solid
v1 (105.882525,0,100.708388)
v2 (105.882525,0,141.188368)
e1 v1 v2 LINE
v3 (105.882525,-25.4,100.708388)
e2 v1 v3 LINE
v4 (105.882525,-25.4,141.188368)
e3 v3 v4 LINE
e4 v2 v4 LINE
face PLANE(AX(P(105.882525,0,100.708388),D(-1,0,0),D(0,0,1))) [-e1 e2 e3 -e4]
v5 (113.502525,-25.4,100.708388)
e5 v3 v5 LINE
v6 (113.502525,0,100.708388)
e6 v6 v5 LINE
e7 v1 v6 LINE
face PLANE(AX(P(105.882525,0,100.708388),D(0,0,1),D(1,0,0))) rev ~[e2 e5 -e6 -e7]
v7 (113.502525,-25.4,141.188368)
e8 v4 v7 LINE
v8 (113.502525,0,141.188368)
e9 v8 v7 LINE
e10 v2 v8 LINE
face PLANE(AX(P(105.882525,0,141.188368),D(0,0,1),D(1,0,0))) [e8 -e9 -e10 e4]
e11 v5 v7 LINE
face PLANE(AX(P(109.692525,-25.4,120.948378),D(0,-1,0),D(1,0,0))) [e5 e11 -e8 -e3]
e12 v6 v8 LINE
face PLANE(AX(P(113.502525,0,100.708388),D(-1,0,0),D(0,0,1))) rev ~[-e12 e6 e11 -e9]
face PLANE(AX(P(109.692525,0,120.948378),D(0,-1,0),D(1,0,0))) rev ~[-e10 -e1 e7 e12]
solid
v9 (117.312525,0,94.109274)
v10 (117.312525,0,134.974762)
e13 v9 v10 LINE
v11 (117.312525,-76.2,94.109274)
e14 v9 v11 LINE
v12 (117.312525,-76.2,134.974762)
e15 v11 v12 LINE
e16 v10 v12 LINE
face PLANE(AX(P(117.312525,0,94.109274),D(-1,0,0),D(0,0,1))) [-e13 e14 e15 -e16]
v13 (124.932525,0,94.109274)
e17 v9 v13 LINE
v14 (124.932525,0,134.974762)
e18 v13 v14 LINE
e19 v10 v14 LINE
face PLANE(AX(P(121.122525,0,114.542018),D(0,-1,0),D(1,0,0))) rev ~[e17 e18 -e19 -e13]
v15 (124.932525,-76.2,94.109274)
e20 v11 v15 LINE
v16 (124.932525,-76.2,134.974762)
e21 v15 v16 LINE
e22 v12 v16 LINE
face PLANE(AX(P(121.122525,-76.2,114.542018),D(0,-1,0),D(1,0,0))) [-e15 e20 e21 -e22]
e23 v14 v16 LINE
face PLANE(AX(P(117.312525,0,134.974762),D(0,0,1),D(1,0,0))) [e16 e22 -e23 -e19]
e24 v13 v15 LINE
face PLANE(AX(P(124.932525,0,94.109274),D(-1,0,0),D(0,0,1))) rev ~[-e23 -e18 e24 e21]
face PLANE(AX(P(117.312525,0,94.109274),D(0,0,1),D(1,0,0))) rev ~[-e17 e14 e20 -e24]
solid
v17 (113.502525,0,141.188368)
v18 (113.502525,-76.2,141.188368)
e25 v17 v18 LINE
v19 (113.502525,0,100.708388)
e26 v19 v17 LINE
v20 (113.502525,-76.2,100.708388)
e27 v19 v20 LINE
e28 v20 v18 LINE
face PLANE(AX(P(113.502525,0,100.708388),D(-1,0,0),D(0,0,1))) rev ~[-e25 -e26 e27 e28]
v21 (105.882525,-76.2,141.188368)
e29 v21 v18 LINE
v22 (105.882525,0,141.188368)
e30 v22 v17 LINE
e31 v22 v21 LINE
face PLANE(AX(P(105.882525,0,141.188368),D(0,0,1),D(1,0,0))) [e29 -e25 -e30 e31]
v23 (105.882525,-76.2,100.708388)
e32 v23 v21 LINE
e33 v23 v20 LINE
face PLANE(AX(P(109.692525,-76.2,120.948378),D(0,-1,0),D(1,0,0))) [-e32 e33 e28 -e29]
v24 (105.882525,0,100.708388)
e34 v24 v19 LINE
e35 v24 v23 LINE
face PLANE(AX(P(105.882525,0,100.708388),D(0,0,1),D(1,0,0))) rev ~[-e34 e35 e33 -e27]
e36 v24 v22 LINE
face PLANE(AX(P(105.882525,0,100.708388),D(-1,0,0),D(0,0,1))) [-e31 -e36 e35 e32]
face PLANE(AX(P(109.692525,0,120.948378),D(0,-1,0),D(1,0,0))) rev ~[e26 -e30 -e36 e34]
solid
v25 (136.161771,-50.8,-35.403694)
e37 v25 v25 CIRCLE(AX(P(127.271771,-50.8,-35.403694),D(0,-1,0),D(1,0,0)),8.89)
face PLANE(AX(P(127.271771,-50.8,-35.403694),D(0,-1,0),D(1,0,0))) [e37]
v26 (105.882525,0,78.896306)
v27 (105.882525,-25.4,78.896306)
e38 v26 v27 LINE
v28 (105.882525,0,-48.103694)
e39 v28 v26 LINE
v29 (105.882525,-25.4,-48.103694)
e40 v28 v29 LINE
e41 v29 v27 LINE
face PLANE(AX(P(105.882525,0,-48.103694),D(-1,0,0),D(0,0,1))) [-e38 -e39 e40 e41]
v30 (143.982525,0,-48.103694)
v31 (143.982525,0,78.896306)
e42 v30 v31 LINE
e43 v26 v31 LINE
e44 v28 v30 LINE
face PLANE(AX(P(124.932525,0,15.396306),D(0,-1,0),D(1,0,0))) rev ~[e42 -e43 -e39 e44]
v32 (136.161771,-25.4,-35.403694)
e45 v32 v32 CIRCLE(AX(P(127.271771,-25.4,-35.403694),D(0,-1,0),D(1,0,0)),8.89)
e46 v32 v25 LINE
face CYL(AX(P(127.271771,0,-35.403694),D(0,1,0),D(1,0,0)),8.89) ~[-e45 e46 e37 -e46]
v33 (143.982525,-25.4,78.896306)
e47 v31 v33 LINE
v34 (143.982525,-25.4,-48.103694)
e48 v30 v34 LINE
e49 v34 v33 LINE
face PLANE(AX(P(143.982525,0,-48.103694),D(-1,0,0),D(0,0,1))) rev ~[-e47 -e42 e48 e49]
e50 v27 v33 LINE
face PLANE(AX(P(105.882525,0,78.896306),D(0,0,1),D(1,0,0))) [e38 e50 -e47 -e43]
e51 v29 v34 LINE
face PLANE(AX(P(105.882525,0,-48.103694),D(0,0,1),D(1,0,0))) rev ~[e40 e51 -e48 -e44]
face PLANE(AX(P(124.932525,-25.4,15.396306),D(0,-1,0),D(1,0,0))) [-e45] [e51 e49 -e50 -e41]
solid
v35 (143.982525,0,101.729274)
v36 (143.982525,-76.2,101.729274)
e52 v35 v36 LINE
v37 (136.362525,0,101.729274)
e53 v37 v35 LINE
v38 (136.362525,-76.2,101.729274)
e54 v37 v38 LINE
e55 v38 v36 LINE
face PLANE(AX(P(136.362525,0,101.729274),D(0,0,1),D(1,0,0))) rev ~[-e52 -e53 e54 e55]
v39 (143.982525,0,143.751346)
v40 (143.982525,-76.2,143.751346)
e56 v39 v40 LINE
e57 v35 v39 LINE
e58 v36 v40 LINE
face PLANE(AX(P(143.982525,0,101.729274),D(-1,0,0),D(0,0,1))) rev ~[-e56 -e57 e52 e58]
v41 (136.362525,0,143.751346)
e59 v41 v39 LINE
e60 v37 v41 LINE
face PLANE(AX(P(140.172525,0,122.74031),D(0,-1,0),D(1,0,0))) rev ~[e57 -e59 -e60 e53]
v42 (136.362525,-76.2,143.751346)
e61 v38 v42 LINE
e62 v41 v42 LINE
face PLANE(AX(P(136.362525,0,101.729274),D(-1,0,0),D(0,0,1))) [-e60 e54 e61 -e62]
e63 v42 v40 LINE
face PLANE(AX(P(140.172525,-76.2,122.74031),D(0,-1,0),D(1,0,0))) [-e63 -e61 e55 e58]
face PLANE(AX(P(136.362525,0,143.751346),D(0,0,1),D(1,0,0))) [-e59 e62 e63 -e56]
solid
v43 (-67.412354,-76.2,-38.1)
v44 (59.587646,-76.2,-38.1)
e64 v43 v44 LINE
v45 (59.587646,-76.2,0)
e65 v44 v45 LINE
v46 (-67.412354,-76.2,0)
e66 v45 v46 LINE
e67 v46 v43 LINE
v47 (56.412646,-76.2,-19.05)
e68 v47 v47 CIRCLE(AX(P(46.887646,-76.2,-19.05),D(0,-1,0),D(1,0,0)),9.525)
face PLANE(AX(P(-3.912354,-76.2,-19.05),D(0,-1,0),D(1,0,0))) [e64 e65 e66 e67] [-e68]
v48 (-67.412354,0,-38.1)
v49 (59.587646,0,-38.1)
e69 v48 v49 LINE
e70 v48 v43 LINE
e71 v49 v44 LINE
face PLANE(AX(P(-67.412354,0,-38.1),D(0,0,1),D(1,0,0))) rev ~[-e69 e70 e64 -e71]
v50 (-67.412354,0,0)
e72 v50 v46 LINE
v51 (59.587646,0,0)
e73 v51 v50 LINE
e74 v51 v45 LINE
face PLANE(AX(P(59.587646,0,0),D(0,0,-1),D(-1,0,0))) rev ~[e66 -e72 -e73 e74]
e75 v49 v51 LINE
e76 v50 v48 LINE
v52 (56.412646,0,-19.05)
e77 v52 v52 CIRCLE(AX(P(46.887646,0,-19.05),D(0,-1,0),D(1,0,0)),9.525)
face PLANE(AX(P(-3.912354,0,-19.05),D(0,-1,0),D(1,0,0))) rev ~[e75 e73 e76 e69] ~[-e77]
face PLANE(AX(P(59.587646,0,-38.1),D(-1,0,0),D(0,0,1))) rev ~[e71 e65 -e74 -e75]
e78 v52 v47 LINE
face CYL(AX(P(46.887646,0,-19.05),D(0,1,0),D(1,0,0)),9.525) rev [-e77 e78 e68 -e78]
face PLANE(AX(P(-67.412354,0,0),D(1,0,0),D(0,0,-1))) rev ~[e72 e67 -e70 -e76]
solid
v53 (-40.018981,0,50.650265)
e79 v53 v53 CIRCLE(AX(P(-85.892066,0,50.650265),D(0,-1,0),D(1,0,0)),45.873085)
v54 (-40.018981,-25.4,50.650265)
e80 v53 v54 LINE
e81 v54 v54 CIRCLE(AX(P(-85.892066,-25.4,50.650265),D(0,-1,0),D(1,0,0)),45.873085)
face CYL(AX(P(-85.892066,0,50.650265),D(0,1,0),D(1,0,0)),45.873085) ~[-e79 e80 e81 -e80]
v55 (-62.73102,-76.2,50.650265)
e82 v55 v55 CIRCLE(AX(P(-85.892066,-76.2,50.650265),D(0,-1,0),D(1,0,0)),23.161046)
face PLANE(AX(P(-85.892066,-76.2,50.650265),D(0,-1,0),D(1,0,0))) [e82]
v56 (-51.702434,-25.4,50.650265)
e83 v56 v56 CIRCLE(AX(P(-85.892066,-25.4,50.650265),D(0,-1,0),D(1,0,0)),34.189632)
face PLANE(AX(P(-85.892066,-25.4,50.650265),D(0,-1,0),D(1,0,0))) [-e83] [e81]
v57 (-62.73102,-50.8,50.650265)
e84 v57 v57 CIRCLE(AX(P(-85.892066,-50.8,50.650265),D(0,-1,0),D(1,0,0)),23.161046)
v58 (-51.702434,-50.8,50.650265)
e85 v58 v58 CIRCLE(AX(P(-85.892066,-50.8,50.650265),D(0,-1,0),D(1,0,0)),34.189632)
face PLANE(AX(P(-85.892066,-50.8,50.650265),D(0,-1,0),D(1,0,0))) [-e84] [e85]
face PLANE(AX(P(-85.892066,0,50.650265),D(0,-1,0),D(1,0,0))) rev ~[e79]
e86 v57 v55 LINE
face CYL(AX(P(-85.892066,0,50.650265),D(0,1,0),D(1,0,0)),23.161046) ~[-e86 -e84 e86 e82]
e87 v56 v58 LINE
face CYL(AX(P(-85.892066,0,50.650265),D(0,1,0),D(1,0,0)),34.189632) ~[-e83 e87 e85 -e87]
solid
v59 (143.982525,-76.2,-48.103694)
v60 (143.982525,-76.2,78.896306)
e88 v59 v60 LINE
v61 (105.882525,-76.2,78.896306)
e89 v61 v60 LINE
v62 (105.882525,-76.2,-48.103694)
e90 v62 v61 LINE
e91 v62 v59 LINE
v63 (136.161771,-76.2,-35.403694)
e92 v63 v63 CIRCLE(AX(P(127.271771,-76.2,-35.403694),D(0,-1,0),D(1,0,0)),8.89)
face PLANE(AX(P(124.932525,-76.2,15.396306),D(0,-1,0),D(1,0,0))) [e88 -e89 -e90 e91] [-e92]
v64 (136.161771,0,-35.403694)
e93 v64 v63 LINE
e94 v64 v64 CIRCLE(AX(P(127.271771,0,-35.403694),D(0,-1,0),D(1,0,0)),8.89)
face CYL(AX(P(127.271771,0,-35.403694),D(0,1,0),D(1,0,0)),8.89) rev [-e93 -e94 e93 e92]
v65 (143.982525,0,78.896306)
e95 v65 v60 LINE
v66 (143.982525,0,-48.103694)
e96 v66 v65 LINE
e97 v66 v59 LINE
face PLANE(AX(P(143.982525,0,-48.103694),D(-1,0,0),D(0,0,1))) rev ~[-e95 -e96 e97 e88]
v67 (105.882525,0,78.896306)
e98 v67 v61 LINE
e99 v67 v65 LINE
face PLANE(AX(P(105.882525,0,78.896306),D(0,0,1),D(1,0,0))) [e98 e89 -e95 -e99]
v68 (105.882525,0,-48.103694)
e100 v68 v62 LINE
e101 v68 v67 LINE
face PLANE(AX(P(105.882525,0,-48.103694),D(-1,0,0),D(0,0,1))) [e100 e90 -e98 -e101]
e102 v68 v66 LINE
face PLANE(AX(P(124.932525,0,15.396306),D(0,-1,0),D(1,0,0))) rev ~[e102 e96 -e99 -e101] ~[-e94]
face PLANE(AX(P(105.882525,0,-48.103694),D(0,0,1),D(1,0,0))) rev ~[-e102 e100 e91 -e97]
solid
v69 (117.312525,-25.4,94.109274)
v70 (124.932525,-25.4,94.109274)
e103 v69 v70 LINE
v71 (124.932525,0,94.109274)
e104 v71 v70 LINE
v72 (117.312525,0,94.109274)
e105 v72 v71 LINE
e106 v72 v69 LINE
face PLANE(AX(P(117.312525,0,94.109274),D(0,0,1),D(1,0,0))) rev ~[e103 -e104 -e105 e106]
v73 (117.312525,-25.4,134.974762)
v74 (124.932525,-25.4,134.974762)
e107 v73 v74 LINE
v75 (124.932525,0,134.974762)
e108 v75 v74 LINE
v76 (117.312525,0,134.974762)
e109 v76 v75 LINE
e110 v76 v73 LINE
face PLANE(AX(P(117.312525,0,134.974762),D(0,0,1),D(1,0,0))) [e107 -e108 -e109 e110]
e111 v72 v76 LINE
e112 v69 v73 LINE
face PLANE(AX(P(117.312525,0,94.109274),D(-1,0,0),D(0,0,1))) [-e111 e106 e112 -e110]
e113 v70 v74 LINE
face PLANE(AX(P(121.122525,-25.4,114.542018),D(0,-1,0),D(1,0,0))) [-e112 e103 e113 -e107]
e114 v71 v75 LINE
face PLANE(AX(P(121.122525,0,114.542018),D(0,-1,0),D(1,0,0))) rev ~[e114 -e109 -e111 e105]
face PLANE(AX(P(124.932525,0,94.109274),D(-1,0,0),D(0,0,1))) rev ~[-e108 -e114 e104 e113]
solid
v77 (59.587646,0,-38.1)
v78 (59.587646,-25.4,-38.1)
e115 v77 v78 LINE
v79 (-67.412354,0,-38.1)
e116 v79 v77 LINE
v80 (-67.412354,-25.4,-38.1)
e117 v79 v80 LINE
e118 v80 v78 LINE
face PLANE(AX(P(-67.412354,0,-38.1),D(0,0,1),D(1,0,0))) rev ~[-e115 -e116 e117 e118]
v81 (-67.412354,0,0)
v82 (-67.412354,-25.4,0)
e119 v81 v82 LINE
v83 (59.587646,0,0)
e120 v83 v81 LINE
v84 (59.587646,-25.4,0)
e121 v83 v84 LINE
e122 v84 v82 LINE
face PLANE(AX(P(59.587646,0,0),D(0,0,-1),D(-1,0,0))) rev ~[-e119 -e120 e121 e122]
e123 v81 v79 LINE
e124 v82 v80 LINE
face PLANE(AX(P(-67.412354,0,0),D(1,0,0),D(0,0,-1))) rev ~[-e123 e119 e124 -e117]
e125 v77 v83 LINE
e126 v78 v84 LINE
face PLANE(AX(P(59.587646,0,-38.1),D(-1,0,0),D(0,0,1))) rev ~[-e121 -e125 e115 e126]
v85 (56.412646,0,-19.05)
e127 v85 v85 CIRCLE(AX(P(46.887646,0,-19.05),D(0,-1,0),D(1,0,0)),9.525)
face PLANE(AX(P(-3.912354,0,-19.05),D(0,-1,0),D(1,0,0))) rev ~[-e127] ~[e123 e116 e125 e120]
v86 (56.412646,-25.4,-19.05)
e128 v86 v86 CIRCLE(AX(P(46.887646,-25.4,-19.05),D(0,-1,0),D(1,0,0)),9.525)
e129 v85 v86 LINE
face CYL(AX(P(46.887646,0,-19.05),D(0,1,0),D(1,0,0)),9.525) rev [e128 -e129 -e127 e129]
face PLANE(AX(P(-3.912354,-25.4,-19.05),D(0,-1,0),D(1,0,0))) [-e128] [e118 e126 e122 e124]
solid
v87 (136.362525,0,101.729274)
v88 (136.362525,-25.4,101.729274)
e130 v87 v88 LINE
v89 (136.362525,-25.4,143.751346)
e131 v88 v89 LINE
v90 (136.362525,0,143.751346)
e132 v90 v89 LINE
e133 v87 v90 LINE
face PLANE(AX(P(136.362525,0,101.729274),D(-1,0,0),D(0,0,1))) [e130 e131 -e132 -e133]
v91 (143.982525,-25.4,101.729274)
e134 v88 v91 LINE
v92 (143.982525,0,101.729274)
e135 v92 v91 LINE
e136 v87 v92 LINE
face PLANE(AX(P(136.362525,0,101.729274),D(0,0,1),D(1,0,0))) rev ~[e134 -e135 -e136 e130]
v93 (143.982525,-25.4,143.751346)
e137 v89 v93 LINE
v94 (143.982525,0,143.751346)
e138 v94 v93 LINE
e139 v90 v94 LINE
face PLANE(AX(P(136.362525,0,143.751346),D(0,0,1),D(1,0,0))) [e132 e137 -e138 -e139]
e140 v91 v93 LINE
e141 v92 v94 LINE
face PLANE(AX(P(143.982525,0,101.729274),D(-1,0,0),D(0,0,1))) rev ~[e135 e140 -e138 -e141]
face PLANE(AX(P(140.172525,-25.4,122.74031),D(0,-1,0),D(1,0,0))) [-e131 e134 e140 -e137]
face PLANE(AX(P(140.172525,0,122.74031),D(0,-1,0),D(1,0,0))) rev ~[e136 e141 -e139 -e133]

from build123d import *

# Parameters (mm, degrees)
F0_R     = 9.525
F1_DEPTH = 25.4
F0_W     = 38.1
F0_H     = 127
F0_R_2   = 8.89
F2_DEPTH = 25.4
F3_DEPTH = 50.8
F0_W_2   = 7.62
F0_H_2   = 40.47998
F0_H_3   = 40.865489
F0_H_4   = 42.022072
F4_DEPTH = 25.4
F0_R_3   = 23.161046
F5_DEPTH = 76.2
F0_R_4   = 34.189632
F6_DEPTH = 50.8
F0_R_5   = 45.873085
F7_DEPTH = 25.4


with BuildPart() as f1:
    # F0 (on Front) → F1 (new body)
    with BuildSketch(Plane.XZ):
        Polygon((59.587646, 0), (-67.412354, 0), (-67.412354, -38.1), (40.537646, -38.1), (59.587646, -38.1), align=None)
        with Locations((46.887646, -19.05)):
            Circle(F0_R, mode=Mode.SUBTRACT)
    extrude(amount=F1_DEPTH)


with BuildPart() as f2:
    # F0 (on Front) → F2 (new body)
    with BuildSketch(Plane.XZ):
        with Locations((124.932525, 15.396306)):
            Rectangle(F0_W, F0_H)
        with Locations((127.271771, -35.403694)):
            Circle(F0_R_2, mode=Mode.SUBTRACT)
    extrude(amount=F2_DEPTH)

    # F0 (on Front) → F3 (join)
    with BuildSketch(Plane.XZ):
        with Locations((127.271771, -35.403694)):
            Circle(F0_R_2)
    extrude(amount=F3_DEPTH)


with BuildPart() as f4:
    # F0 (on Front) → F4 (new body)
    with BuildSketch(Plane.XZ):
        with Locations((109.692525, 120.948378)):
            Rectangle(F0_W_2, F0_H_2)
        with Locations((121.122525, 114.542018)):
            Rectangle(F0_W_2, F0_H_3)
        with Locations((140.172525, 122.74031)):
            Rectangle(F0_W_2, F0_H_4)
    extrude(amount=F4_DEPTH)


with BuildPart() as f5:
    # F0 (on Front) → F5 (new body)
    with BuildSketch(Plane.XZ):
        with Locations((109.692525, 120.948378)):
            Rectangle(F0_W_2, F0_H_2)
        with Locations((140.172525, 122.74031)):
            Rectangle(F0_W_2, F0_H_4)
        with Locations((121.122525, 114.542018)):
            Rectangle(F0_W_2, F0_H_3)
        Polygon((59.587646, 0), (-67.412354, 0), (-67.412354, -38.1), (40.537646, -38.1), (59.587646, -38.1), align=None)
        with Locations((46.887646, -19.05)):
            Circle(F0_R, mode=Mode.SUBTRACT)
        with Locations((124.932525, 15.396306)):
            Rectangle(F0_W, F0_H)
        with Locations((127.271771, -35.403694)):
            Circle(F0_R_2, mode=Mode.SUBTRACT)
        with Locations((-85.892066, 50.650265)):
            Circle(F0_R_3)
    extrude(amount=F5_DEPTH)

    # F0 (on Front) → F6 (join)
    with BuildSketch(Plane.XZ):
        with Locations((-85.892066, 50.650265)):
            Circle(F0_R_4)
        with Locations((-85.892066, 50.650265)):
            Circle(F0_R_3, mode=Mode.SUBTRACT)
    extrude(amount=F6_DEPTH)

    # F0 (on Front) → F7 (join)
    with BuildSketch(Plane.XZ):
        with Locations((-85.892066, 50.650265)):
            Circle(F0_R_5)
        with Locations((-85.892066, 50.650265)):
            Circle(F0_R_4, mode=Mode.SUBTRACT)
    extrude(amount=F7_DEPTH)


solid = Compound([f1.part, f2.part, f4.part, f5.part])
